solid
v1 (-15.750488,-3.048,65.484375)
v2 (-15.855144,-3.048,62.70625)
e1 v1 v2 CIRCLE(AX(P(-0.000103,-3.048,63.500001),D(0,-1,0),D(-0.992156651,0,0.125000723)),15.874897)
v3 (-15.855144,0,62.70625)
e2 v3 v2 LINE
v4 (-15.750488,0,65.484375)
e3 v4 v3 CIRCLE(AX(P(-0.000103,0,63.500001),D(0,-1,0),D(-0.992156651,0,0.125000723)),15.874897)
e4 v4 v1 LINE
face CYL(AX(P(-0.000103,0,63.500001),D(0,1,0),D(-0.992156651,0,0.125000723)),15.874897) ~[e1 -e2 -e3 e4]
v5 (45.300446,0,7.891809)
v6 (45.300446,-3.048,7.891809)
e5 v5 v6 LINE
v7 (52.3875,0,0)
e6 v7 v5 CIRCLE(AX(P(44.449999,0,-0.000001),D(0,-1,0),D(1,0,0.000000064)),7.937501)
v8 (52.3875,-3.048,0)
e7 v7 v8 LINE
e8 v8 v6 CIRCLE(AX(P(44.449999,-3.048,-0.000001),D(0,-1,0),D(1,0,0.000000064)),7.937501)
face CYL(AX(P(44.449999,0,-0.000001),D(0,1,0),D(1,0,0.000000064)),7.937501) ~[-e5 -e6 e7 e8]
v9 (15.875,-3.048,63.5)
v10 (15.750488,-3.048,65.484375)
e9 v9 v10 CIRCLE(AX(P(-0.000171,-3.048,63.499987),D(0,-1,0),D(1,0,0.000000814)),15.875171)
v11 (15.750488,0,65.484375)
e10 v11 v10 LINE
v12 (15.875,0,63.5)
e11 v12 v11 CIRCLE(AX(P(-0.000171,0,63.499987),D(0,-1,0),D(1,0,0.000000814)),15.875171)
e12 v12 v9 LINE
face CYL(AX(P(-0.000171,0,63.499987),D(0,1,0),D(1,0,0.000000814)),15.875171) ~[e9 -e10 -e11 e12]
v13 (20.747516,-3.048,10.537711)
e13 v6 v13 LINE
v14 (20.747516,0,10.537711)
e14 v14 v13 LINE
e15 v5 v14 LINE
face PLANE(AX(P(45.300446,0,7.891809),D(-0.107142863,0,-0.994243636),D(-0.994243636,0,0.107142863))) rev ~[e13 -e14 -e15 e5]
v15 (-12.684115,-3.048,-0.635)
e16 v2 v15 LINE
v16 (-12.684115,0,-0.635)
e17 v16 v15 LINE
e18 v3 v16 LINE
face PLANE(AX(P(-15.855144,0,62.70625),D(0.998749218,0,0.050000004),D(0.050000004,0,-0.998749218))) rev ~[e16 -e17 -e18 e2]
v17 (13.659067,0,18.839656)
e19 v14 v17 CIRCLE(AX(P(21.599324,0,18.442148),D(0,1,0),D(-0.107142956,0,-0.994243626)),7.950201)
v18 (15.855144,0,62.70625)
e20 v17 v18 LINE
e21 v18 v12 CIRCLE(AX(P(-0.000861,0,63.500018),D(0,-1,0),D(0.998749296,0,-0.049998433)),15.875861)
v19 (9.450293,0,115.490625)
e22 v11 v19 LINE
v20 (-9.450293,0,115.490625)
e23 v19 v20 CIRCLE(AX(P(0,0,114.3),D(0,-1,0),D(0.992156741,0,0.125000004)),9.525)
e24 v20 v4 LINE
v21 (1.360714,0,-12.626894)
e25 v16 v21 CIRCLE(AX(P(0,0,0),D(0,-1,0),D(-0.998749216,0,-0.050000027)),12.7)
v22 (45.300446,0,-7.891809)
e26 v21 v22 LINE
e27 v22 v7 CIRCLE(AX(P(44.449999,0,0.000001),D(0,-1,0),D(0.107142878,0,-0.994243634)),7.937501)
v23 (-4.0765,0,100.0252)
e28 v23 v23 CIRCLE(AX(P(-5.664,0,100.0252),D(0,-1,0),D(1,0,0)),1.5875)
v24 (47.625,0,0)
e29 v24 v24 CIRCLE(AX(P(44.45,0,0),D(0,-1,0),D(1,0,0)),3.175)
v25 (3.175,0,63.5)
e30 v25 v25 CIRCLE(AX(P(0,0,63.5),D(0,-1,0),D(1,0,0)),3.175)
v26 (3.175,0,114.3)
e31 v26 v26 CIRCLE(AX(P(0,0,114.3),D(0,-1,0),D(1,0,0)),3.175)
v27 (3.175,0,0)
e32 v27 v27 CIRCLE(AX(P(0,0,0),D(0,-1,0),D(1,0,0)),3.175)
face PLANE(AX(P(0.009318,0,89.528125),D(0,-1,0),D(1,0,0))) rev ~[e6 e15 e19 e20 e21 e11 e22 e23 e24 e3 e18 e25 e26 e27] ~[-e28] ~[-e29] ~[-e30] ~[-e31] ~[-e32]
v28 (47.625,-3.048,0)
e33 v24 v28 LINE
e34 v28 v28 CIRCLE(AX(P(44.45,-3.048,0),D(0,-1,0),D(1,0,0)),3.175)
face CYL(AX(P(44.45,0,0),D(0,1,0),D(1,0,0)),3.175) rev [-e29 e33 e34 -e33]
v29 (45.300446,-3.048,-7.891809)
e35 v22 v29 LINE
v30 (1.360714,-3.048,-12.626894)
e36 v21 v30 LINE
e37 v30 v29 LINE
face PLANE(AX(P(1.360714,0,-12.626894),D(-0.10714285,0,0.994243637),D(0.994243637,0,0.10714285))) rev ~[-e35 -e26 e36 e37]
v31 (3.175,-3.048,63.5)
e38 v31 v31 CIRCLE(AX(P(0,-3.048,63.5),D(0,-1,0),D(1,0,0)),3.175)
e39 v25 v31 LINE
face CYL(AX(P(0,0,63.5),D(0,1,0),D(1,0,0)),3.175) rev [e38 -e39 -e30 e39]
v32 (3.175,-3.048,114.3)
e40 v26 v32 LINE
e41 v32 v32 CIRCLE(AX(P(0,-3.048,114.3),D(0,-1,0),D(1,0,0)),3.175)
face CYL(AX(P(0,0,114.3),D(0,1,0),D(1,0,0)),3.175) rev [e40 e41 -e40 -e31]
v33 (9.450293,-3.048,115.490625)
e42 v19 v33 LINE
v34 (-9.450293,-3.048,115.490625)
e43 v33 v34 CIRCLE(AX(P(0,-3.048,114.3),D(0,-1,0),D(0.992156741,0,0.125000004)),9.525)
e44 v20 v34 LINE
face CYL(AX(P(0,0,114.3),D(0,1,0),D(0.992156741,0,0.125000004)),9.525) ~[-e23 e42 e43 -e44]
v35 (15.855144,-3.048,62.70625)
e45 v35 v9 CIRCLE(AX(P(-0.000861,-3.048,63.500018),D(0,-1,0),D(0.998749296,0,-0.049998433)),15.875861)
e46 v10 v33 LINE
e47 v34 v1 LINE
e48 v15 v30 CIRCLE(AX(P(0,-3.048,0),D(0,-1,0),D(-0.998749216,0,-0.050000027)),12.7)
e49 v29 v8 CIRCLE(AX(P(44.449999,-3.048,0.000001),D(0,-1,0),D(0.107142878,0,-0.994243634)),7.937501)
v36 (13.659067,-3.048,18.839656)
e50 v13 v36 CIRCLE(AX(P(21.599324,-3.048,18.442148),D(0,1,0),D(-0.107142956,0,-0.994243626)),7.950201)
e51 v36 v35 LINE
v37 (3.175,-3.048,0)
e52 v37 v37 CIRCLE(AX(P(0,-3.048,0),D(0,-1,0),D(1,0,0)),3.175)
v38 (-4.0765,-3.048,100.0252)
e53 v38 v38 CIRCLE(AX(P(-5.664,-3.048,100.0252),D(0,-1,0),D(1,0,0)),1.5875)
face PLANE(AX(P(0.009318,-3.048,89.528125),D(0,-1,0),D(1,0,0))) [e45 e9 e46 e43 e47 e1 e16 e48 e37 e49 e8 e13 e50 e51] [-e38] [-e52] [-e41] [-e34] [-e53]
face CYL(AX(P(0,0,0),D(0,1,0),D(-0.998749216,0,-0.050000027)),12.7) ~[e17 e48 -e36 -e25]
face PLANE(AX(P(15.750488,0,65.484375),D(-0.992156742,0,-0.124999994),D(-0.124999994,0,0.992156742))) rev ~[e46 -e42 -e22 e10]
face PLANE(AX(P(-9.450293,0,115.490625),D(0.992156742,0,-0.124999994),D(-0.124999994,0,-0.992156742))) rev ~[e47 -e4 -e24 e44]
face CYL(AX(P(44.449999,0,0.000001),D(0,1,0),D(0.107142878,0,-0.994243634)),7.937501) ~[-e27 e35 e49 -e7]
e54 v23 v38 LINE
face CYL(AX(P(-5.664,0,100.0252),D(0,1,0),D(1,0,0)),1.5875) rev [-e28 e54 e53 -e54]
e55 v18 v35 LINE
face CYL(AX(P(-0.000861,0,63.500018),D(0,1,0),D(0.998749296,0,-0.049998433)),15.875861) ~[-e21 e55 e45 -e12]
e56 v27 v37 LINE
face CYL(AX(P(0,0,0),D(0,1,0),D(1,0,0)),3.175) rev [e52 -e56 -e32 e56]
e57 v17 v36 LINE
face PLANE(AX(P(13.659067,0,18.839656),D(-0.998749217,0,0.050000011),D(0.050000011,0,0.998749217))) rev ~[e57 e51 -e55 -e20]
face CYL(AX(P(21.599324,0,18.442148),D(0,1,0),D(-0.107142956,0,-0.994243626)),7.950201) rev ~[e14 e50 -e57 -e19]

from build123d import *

# Parameters (mm, degrees)
F0_R     = 1.5875
F0_R_2   = 3.175
F1_DEPTH = 3.048


with BuildPart() as f1:
    # F0 (on Front) → F1 (new body)
    with BuildSketch(Plane.XZ):
        with BuildLine():
            Line((-9.450293, 115.490625), (-15.750488, 65.484375))
            ThreePointArc((-15.750488, 65.484375), (0, 79.375), (15.750488, 65.484375))
            Line((15.750488, 65.484375), (9.450293, 115.490625))
            ThreePointArc((9.450293, 115.490625), (9.506305, 114.896483), (9.525, 114.3))
            ThreePointArc((9.525, 114.3), (-0.596483, 104.793695), (-9.450293, 115.490625))
        make_face()
        with Locations((-5.664, 100.0252)):
            Circle(F0_R, mode=Mode.SUBTRACT)
        with BuildLine():
            ThreePointArc((-15.750488, 65.484375), (-15.863748, 64.097608), (-15.855144, 62.70625))
            ThreePointArc((-15.855144, 62.70625), (0, 47.625), (15.855144, 62.70625))
            ThreePointArc((15.855144, 62.70625), (15.870035, 63.103001), (15.875, 63.5))
            ThreePointArc((15.875, 63.5), (15.843841, 64.494139), (15.750488, 65.484375))
            ThreePointArc((15.750488, 65.484375), (0, 79.375), (-15.750488, 65.484375))
        make_face()
        with Locations((0, 63.5)):
            Circle(F0_R_2, mode=Mode.SUBTRACT)
        with BuildLine():
            ThreePointArc((-12.684115, -0.635), (-0.317599, 12.696028), (12.7, 0))
            ThreePointArc((12.7, 0), (9.449102, -8.485544), (1.360714, -12.626894))
            Line((1.360714, -12.626894), (45.300446, -7.891809))
            ThreePointArc((45.300446, -7.891809), (36.5125, 0), (45.300446, 7.891809))
            Line((45.300446, 7.891809), (20.747516, 10.537711))
            ThreePointArc((20.747516, 10.537711), (15.553195, 13.279782), (13.659067, 18.839656))
            Line((13.659067, 18.839656), (15.855144, 62.70625))
            ThreePointArc((15.855144, 62.70625), (0, 47.625), (-15.855144, 62.70625))
            Line((-15.855144, 62.70625), (-12.684115, -0.635))
        make_face()
        with BuildLine():
            ThreePointArc((1.360714, -12.626894), (9.449102, -8.485544), (12.7, 0))
            ThreePointArc((12.7, 0), (-0.317599, 12.696028), (-12.684115, -0.635))
            ThreePointArc((-12.684115, -0.635), (-8.246589, -9.658352), (1.360714, -12.626894))
        make_face()
        Circle(F0_R_2, mode=Mode.SUBTRACT)
        with BuildLine():
            ThreePointArc((45.300446, 7.891809), (36.5125, 0), (45.300446, -7.891809))
            ThreePointArc((45.300446, -7.891809), (50.355689, -5.303465), (52.3875, 0))
            ThreePointArc((52.3875, 0), (50.355689, 5.303465), (45.300446, 7.891809))
        make_face()
        with Locations((44.45, 0)):
            Circle(F0_R_2, mode=Mode.SUBTRACT)
        with BuildLine():
            ThreePointArc((9.450293, 115.490625), (0, 123.825), (-9.450293, 115.490625))
            ThreePointArc((-9.450293, 115.490625), (-0.596483, 104.793695), (9.525, 114.3))
            ThreePointArc((9.525, 114.3), (9.506305, 114.896483), (9.450293, 115.490625))
        make_face()
        with Locations((0, 114.3)):
            Circle(F0_R_2, mode=Mode.SUBTRACT)
    extrude(amount=F1_DEPTH)


solid = f1.part
